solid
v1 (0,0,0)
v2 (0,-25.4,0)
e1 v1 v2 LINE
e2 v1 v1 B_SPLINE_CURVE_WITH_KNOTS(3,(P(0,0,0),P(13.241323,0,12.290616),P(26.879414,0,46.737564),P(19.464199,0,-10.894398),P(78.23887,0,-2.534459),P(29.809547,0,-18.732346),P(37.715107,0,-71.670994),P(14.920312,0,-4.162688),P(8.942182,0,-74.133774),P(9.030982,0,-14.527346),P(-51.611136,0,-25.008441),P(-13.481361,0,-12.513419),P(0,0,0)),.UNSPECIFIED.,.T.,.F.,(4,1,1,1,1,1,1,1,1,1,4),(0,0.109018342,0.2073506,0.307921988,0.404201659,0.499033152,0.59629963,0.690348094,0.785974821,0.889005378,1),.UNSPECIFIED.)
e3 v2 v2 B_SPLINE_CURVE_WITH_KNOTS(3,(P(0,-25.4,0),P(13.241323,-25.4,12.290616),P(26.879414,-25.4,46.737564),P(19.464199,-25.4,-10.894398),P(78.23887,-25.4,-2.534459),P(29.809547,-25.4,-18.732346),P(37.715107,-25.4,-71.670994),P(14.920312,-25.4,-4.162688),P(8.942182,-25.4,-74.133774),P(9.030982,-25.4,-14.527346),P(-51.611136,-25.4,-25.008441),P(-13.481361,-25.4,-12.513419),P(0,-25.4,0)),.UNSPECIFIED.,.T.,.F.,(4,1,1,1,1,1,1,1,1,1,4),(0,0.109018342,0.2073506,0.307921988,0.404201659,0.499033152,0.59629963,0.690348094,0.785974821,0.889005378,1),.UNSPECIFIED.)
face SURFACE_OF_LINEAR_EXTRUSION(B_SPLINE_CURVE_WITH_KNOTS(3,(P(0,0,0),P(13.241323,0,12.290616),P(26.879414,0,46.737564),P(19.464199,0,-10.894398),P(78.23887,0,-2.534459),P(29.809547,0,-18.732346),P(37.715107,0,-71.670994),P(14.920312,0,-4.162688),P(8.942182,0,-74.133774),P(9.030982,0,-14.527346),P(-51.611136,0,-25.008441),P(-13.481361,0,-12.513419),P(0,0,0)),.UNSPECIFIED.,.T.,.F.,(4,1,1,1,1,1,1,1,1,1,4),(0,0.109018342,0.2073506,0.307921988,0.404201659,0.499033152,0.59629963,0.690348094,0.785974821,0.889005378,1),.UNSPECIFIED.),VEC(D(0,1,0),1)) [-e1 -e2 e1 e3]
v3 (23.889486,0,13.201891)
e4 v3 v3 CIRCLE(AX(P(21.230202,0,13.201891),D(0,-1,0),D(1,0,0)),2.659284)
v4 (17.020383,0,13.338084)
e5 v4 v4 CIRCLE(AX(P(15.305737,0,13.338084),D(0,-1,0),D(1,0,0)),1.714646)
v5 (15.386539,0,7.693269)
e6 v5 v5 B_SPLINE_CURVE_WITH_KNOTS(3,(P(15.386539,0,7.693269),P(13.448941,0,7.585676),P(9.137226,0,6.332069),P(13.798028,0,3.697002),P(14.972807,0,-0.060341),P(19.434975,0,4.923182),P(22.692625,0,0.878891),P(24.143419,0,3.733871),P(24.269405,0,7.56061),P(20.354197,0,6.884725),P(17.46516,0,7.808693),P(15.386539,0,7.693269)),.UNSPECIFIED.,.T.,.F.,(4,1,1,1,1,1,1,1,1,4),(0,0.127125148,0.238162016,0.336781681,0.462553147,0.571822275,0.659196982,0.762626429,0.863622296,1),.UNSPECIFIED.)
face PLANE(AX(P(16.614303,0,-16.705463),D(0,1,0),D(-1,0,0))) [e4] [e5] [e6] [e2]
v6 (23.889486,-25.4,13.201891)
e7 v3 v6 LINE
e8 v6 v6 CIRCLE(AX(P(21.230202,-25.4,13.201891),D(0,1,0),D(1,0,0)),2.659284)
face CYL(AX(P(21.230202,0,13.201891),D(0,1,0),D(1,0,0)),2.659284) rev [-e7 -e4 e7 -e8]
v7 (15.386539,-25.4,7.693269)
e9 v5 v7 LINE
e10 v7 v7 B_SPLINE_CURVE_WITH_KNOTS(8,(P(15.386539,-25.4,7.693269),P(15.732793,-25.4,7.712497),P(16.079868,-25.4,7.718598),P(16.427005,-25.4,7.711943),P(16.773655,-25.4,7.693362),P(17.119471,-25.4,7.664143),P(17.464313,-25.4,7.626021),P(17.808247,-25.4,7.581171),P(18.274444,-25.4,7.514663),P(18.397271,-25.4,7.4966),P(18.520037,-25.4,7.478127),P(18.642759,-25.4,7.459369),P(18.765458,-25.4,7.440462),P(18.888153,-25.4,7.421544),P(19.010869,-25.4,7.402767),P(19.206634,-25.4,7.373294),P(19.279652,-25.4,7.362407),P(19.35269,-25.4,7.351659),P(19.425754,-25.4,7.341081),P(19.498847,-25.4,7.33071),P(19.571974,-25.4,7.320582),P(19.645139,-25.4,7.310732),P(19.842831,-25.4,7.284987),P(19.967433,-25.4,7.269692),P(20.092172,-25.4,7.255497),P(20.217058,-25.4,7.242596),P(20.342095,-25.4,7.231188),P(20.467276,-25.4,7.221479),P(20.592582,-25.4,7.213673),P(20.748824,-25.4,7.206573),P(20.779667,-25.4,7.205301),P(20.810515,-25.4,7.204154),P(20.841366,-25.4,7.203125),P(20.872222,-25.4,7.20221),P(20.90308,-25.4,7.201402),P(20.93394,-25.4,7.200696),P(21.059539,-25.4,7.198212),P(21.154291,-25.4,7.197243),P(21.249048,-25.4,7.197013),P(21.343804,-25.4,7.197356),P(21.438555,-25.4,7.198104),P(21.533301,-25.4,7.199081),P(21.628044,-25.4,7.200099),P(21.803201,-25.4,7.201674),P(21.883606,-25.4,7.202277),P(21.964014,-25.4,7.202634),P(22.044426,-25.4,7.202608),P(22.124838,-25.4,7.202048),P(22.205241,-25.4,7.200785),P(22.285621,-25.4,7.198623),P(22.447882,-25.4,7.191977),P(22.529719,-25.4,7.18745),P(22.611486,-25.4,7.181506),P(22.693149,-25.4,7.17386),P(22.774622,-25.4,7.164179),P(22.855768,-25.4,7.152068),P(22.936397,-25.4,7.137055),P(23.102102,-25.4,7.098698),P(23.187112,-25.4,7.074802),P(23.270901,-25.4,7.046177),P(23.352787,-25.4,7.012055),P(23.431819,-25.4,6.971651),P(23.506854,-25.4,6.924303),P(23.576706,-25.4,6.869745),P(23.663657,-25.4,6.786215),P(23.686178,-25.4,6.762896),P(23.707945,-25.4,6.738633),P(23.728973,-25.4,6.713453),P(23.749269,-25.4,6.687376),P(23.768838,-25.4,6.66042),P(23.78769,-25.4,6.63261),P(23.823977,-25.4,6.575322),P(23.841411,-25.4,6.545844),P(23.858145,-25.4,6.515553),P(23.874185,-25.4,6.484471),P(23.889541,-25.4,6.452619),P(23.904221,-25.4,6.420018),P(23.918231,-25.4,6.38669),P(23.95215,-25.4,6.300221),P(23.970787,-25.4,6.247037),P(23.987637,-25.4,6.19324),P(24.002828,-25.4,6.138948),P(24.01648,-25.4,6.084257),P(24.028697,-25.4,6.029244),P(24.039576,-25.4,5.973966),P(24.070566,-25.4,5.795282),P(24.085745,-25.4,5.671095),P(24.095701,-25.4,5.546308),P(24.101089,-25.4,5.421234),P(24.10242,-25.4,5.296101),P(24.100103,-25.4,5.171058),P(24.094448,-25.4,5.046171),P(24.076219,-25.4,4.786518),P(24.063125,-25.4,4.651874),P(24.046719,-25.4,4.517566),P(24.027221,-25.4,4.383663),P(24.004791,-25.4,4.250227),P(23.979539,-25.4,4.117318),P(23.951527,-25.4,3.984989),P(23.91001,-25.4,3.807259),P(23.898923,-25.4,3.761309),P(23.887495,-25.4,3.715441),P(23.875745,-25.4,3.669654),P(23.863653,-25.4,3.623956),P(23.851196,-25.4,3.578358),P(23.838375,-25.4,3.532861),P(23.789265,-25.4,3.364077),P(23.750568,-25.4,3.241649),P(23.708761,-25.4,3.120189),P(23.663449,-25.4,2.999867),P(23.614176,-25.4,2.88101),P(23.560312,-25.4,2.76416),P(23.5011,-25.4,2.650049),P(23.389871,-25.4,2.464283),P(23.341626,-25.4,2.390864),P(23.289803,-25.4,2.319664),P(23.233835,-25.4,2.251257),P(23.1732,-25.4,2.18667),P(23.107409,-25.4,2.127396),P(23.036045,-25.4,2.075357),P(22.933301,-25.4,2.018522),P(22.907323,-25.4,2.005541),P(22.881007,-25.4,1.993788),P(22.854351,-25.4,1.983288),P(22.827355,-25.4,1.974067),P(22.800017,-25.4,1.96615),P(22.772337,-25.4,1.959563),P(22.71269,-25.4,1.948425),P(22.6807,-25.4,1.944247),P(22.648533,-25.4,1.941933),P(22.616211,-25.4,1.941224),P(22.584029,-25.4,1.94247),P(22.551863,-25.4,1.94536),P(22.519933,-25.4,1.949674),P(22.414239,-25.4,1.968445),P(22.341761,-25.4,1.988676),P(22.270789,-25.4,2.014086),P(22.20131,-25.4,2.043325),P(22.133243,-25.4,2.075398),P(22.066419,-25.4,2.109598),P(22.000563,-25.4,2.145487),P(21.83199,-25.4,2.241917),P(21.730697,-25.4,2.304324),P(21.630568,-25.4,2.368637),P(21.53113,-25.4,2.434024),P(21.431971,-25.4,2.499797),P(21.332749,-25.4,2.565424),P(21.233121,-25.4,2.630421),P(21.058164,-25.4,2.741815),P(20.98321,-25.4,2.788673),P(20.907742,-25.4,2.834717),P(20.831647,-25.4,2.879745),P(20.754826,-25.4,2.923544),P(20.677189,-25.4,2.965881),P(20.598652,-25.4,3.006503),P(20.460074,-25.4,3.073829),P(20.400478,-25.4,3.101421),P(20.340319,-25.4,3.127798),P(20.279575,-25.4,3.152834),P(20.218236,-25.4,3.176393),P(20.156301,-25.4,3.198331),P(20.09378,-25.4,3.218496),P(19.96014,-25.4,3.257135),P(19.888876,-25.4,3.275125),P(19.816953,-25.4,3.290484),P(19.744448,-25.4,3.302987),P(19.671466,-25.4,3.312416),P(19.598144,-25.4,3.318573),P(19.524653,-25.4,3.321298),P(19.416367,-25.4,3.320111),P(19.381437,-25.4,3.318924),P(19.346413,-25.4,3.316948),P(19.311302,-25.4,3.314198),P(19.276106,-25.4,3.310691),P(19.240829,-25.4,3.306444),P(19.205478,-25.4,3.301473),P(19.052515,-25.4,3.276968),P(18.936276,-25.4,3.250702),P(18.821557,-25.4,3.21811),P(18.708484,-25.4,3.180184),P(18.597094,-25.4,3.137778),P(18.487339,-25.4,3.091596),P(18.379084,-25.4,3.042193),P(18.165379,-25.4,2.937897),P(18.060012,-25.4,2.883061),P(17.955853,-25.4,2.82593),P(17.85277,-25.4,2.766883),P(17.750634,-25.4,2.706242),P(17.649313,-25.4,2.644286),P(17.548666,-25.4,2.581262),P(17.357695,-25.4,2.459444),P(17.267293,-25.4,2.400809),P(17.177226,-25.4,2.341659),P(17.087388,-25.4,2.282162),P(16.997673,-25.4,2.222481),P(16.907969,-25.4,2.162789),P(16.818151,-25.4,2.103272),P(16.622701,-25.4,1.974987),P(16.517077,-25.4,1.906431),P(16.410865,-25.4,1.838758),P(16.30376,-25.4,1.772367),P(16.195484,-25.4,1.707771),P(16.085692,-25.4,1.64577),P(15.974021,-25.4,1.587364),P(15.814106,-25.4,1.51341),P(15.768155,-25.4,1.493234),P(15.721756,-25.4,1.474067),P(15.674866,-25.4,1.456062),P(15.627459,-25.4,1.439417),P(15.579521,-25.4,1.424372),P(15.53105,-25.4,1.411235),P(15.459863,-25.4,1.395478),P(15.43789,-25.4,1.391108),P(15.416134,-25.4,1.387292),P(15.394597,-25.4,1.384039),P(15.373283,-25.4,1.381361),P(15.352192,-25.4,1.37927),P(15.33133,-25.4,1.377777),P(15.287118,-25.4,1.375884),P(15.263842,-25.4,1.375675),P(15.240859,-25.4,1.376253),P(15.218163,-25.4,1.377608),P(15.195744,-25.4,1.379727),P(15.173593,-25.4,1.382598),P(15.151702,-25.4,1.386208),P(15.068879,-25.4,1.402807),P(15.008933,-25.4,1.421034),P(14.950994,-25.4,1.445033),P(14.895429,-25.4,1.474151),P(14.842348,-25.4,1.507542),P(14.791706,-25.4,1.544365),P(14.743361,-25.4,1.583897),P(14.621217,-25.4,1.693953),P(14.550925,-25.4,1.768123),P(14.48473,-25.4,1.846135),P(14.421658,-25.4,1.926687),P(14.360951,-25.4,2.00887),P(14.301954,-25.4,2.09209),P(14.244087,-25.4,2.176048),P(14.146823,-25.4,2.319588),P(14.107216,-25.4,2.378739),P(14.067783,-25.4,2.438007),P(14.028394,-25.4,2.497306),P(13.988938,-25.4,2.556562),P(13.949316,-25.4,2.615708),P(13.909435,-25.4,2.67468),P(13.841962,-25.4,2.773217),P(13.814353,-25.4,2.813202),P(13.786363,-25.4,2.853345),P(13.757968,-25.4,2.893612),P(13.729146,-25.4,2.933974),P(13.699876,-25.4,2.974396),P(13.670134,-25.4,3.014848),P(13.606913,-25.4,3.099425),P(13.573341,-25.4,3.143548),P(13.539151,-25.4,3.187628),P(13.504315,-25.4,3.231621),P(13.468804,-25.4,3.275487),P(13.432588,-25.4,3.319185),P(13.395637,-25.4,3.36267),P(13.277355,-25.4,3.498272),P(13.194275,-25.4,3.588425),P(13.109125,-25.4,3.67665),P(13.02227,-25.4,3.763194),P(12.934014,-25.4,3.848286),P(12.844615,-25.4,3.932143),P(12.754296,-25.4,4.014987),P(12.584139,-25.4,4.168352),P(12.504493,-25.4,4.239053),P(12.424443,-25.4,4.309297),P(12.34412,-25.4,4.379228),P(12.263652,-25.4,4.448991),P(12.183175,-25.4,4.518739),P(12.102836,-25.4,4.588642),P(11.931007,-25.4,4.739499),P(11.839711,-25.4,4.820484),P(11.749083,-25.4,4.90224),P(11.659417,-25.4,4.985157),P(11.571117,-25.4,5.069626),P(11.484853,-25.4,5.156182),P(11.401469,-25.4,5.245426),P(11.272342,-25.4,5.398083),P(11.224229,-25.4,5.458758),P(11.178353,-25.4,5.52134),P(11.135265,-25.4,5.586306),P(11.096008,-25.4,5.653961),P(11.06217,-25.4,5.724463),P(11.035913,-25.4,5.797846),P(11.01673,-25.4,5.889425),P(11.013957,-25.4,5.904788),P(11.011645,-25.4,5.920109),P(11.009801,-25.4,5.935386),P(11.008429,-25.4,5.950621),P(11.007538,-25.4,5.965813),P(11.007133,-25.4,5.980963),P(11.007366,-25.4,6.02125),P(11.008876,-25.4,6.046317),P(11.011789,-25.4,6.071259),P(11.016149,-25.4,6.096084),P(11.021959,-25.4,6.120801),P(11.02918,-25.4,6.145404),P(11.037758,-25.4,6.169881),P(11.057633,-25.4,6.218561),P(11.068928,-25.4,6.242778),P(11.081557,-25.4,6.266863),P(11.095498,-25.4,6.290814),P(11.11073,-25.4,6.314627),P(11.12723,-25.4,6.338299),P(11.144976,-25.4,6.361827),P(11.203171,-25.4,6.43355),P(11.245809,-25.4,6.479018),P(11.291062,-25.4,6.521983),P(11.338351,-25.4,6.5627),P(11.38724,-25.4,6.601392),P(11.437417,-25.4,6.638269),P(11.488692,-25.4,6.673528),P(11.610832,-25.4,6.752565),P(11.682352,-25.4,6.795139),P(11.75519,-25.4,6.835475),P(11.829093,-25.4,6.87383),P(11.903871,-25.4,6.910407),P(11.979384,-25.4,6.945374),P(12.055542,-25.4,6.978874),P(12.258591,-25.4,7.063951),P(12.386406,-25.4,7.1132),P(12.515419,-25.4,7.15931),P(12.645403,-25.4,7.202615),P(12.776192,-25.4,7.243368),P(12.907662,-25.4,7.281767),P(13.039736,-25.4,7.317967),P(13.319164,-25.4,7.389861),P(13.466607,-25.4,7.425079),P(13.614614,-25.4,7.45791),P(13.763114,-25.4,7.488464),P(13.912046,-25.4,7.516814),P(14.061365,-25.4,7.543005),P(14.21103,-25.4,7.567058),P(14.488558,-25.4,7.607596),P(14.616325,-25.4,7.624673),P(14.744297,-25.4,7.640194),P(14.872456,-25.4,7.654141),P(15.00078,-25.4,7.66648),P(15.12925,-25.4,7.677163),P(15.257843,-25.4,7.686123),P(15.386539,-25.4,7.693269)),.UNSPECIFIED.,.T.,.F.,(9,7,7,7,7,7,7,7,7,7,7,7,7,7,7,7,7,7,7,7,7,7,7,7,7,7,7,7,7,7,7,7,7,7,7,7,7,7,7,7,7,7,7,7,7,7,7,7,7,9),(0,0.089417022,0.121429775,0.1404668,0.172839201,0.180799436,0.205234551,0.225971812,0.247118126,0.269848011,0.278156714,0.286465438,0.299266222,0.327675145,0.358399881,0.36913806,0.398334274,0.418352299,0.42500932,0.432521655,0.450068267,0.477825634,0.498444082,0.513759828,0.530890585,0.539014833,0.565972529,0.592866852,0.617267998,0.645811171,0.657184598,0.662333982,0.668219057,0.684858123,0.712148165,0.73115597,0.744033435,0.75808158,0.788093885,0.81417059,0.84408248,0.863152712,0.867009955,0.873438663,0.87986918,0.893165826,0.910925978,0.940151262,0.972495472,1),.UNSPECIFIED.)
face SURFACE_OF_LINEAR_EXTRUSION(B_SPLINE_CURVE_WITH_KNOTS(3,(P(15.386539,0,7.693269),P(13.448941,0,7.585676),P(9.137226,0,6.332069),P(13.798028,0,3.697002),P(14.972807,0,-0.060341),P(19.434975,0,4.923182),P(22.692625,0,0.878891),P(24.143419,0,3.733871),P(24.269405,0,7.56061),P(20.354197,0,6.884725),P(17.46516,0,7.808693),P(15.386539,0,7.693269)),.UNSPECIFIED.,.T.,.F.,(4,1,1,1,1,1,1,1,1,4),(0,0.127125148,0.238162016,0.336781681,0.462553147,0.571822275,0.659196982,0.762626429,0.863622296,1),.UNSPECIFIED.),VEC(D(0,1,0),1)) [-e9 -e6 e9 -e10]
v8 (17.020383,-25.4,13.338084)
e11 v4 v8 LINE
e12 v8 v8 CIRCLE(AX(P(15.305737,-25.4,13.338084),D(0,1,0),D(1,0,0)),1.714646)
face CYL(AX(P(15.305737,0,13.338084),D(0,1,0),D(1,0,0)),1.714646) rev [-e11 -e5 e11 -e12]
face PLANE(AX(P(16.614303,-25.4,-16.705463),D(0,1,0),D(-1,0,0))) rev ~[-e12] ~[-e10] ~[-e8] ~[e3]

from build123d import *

# Parameters (mm, degrees)
F1_DEPTH = 25.4
F2_R     = 1.7146461383
F2_R_2   = 2.6592836785
F3_DEPTH = 25.4
F4_DEPTH = 57.658


with BuildPart() as f1:
    # F0 (on Front) → F1 (new body)
    with BuildSketch(Plane.XZ):
        with BuildLine():
            add(Edge.make_bspline(
                [(0, 0), (13.2413225698, 12.2906155291), (26.8794136772, 46.7375640483), (19.4641990423, -10.8943979613), (78.2388702925, -2.5344594418), (29.8095470255, -18.7323458127), (37.7151070538, -71.6709939974), (14.9203116386, -4.1626881693), (8.9421819295, -74.1337744422), (9.030981656, -14.5273457095), (-51.6111356831, -25.0084413334), (-13.4813607568, -12.5134193353), (0, 0)],
                knots=[0, 0, 0, 0, 0.1090183416, 0.2073506003, 0.3079219884, 0.4042016586, 0.4990331524, 0.5962996298, 0.6903480937, 0.7859748206, 0.8890053781, 1, 1, 1, 1], degree=3))
        make_face()
    extrude(amount=F1_DEPTH)

    # F2 (on Front) → F3 (cut)
    with BuildSketch(Plane.XZ):
        with Locations((15.3057370335, 13.3380843326)):
            Circle(F2_R)
        with Locations((21.2302021682, 13.2018905133)):
            Circle(F2_R_2)
        with BuildLine():
            add(Edge.make_bspline(
                [(15.3865385801, 7.69326929), (13.4489410872, 7.5856760946), (9.1372264055, 6.3320692228), (13.7980278493, 3.6970017472), (14.9728072618, -0.0603410838), (19.4349754002, 4.9231823181), (22.6926253445, 0.8788905969), (24.1434187189, 3.7338706216), (24.2694045544, 7.5606104359), (20.3541970468, 6.8847250562), (17.4651603269, 7.8086934464), (15.3865385801, 7.69326929)],
                knots=[0, 0, 0, 0, 0.1271251484, 0.238162016, 0.3367816814, 0.4625531465, 0.5718222755, 0.659196982, 0.7626264293, 0.8636222956, 1, 1, 1, 1], degree=3))
        make_face()
    extrude(amount=-F3_DEPTH, mode=Mode.SUBTRACT)

    # F2 (on Front) → F4 (cut, symmetric)
    with BuildSketch(Plane.XZ):
        with Locations((15.3057370335, 13.3380843326)):
            Circle(F2_R)
        with Locations((21.2302021682, 13.2018905133)):
            Circle(F2_R_2)
        with BuildLine():
            add(Edge.make_bspline(
                [(15.3865385801, 7.69326929), (13.4489410872, 7.5856760946), (9.1372264055, 6.3320692228), (13.7980278493, 3.6970017472), (14.9728072618, -0.0603410838), (19.4349754002, 4.9231823181), (22.6926253445, 0.8788905969), (24.1434187189, 3.7338706216), (24.2694045544, 7.5606104359), (20.3541970468, 6.8847250562), (17.4651603269, 7.8086934464), (15.3865385801, 7.69326929)],
                knots=[0, 0, 0, 0, 0.1271251484, 0.238162016, 0.3367816814, 0.4625531465, 0.5718222755, 0.659196982, 0.7626264293, 0.8636222956, 1, 1, 1, 1], degree=3))
        make_face()
    extrude(amount=F4_DEPTH, both=True, mode=Mode.SUBTRACT)


solid = f1.part
